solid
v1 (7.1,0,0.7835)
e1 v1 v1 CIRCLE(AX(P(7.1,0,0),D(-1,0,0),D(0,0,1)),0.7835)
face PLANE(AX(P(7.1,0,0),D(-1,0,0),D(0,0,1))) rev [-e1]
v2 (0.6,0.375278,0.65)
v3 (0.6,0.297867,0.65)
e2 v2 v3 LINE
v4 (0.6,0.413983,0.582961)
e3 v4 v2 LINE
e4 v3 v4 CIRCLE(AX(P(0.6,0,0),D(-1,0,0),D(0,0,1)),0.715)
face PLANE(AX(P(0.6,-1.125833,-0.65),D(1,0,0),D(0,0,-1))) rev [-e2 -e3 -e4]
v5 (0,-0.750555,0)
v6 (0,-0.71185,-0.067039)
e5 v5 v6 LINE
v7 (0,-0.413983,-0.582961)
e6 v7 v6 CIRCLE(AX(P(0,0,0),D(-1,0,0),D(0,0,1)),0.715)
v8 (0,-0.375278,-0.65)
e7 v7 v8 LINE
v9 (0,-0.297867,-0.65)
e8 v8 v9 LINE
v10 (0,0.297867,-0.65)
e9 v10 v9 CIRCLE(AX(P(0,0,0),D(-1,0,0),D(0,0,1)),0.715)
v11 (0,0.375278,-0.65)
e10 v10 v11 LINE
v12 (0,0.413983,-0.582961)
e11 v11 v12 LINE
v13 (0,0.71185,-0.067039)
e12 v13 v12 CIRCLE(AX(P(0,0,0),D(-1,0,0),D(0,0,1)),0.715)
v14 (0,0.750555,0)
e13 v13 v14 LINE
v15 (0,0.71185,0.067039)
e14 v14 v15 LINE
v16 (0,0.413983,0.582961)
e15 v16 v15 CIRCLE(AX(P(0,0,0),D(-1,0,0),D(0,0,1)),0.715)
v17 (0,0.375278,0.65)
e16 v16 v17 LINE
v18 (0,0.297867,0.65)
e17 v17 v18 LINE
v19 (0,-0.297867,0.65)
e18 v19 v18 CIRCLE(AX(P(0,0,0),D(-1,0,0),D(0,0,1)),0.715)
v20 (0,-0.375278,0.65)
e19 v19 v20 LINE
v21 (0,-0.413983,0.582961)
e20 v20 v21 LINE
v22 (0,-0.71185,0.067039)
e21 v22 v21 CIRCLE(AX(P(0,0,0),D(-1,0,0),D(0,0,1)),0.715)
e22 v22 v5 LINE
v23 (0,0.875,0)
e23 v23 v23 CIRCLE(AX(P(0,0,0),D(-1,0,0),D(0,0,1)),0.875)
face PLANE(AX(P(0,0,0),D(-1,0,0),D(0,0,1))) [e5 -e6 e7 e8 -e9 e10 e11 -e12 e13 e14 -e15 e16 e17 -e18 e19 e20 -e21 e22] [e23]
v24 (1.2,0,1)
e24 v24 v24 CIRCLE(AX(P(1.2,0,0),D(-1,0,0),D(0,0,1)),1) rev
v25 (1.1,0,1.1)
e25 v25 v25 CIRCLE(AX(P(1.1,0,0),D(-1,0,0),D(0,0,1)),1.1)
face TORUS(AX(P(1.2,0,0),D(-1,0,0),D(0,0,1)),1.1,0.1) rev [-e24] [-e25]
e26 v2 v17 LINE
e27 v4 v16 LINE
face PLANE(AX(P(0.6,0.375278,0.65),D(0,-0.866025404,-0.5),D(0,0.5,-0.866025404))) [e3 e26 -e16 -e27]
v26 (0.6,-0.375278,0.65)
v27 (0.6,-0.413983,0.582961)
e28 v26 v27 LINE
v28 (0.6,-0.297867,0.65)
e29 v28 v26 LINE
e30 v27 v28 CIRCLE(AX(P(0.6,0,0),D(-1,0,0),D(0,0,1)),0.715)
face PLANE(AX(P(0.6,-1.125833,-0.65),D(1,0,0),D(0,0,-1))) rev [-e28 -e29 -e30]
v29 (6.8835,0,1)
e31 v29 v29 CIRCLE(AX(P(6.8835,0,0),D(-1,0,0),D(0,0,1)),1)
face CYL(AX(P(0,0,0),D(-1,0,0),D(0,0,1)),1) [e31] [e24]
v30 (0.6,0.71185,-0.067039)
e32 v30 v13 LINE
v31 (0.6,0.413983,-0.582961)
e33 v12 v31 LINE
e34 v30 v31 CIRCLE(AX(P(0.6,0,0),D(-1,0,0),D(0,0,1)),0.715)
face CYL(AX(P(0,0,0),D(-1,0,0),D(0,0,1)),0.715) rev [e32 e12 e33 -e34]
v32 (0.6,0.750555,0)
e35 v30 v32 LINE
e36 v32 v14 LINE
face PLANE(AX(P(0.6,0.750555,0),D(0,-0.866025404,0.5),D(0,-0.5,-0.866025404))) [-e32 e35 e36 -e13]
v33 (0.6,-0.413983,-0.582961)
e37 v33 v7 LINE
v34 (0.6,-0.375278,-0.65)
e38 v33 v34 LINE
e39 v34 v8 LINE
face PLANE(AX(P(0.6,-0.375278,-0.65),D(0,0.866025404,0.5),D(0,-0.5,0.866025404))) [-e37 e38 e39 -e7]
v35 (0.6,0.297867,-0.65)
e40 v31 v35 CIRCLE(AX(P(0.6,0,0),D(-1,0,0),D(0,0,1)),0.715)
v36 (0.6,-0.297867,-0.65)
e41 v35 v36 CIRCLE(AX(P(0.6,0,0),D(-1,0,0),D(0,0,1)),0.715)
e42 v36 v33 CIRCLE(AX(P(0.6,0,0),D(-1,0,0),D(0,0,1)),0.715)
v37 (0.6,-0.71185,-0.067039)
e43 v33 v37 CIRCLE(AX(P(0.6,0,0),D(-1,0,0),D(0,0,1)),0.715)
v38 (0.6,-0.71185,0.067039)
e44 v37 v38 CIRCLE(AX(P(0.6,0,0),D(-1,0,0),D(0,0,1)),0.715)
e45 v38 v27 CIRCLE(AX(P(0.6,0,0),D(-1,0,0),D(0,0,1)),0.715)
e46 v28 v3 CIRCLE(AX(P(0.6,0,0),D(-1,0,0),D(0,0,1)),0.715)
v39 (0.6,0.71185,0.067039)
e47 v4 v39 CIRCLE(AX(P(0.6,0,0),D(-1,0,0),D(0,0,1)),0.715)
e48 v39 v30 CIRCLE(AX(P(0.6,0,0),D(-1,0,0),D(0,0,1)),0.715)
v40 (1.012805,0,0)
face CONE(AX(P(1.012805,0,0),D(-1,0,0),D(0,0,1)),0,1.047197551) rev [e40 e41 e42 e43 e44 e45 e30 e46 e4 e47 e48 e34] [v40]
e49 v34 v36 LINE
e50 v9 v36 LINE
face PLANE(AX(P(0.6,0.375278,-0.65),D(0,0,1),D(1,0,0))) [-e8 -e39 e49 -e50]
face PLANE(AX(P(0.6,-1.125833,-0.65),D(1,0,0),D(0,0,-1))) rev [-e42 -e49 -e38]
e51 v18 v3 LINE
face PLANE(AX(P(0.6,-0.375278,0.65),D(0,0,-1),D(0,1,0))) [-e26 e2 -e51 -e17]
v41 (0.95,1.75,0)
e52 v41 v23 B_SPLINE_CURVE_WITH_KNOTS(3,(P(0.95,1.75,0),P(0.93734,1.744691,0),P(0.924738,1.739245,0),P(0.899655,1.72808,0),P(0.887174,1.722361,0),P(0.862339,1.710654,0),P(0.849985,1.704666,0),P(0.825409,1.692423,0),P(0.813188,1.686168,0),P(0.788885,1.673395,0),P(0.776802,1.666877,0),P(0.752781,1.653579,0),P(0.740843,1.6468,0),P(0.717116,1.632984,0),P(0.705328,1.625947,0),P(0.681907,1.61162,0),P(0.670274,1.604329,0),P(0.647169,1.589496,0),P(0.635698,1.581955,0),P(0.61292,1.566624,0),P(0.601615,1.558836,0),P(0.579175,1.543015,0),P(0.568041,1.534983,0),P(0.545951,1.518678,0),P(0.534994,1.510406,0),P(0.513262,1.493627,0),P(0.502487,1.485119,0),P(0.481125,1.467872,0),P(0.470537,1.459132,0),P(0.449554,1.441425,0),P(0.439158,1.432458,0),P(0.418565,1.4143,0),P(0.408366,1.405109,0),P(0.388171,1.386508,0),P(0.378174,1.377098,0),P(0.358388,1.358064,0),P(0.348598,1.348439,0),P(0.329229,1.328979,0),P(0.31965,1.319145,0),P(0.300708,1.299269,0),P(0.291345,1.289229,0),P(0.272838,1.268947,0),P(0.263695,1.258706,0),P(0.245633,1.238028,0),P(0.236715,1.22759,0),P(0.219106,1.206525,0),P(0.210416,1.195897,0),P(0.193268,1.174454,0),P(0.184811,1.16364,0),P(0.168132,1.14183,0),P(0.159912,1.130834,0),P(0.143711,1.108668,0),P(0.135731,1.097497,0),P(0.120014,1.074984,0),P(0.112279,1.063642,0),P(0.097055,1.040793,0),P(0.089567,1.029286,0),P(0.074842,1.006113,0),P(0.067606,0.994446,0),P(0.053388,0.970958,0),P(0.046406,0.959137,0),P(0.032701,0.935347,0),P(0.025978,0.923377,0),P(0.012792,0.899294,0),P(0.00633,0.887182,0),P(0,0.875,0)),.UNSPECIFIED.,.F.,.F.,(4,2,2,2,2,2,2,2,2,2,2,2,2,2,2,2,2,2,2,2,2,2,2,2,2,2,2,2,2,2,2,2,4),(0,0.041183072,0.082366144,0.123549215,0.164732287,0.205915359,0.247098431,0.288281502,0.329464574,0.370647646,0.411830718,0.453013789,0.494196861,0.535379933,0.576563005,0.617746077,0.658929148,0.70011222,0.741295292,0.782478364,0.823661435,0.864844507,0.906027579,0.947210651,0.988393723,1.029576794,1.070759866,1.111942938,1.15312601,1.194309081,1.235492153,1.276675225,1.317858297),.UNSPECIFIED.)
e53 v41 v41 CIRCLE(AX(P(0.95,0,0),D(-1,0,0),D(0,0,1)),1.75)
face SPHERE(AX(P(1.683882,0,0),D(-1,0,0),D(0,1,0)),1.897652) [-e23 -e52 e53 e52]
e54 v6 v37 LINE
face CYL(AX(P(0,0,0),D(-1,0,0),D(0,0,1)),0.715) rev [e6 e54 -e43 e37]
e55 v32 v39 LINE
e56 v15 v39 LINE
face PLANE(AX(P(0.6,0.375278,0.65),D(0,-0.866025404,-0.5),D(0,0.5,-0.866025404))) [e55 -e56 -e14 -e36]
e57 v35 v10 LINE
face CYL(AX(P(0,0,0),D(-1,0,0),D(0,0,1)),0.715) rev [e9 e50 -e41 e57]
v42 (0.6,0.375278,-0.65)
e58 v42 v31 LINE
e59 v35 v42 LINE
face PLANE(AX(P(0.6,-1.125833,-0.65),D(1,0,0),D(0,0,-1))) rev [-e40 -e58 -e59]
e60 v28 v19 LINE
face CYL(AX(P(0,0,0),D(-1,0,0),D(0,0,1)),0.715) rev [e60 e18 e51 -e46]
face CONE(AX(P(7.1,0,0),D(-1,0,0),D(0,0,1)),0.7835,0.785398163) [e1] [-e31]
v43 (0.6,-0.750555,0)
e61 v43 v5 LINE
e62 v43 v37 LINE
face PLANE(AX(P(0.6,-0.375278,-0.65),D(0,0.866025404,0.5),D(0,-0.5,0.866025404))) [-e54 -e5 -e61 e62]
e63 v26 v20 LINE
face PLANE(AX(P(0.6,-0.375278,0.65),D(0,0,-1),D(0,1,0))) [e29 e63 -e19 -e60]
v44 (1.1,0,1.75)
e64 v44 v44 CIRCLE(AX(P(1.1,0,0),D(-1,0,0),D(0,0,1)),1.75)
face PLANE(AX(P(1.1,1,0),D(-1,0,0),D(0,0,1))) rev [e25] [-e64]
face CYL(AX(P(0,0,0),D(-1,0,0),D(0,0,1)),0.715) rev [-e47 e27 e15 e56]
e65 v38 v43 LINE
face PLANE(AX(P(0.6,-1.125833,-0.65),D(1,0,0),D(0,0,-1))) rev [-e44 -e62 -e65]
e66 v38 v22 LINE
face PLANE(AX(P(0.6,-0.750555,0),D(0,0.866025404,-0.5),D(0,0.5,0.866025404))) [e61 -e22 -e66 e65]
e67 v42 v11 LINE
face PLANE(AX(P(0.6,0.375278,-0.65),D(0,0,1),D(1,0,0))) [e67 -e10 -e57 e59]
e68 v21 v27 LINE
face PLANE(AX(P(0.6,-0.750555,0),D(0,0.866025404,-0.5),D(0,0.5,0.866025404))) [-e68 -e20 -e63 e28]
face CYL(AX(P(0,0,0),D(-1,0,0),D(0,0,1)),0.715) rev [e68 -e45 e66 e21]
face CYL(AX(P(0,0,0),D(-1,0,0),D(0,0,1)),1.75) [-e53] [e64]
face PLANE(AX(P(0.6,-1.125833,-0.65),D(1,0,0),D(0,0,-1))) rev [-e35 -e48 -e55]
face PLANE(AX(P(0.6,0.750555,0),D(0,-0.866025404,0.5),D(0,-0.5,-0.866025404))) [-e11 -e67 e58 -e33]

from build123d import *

# Parameters (mm, degrees)
FILLET1_R   = 0.1
HEX_2_DEPTH = 0.6


with BuildPart() as part:
    # BodySke → BaseBody (revolve)
    with BuildSketch(Plane.XY, mode=Mode.PRIVATE) as basebody_sk:
        with BuildLine():
            Line((7.1, 0), (7.1, 0.7835))
            Line((7.1, 0.7835), (6.8835, 1))
            Line((6.8835, 1), (1.1, 1))
            Line((1.1, 1), (1.1, 1.75))
            Line((1.1, 1.75), (0.95, 1.75))
            ThreePointArc((0.95, 1.75), (0.398268526, 1.395808457), (0, 0.875))
            Line((0, 0.875), (0, 0))
            Line((0, 0), (7.1, 0))
        make_face()
    revolve(basebody_sk.sketch.rotate(Axis((0, 0, 0), (1, 0, 0)), 90), axis=Axis((0, 0, 0), (1, 0, 0)))

    # Fillet1
    fillet1_edges = [part.edges().sort_by_distance(p)[0] for p in [
        (1.1, 0, -1),
    ]]
    fillet(fillet1_edges, radius=FILLET1_R)

    # Sketch2 → PreBroach (revolve, cut)
    with BuildSketch(Plane.XY, mode=Mode.PRIVATE) as prebroach_sk:
        Polygon((0, 0.715), (0.6, 0.715), (1.012805442, 0), (0, 0), align=None)
    revolve(prebroach_sk.sketch.rotate(Axis((0, 0, 0), (1, 0, 0)), 90), axis=Axis((0, 0, 0), (1, 0, 0)), mode=Mode.SUBTRACT)

    # Sketch3 → Hex 2 (cut)
    with BuildSketch(Plane(origin=(0, 0, 0), x_dir=(0, 0, -1), z_dir=(1, 0, 0))):
        Polygon((-0.65, -0.375277675), (-0.65, 0.375277675), (0, 0.75055535), (0.65, 0.375277675), (0.65, -0.375277675), (0, -0.75055535), align=None)
    extrude(amount=HEX_2_DEPTH, mode=Mode.SUBTRACT)


solid = part.part
